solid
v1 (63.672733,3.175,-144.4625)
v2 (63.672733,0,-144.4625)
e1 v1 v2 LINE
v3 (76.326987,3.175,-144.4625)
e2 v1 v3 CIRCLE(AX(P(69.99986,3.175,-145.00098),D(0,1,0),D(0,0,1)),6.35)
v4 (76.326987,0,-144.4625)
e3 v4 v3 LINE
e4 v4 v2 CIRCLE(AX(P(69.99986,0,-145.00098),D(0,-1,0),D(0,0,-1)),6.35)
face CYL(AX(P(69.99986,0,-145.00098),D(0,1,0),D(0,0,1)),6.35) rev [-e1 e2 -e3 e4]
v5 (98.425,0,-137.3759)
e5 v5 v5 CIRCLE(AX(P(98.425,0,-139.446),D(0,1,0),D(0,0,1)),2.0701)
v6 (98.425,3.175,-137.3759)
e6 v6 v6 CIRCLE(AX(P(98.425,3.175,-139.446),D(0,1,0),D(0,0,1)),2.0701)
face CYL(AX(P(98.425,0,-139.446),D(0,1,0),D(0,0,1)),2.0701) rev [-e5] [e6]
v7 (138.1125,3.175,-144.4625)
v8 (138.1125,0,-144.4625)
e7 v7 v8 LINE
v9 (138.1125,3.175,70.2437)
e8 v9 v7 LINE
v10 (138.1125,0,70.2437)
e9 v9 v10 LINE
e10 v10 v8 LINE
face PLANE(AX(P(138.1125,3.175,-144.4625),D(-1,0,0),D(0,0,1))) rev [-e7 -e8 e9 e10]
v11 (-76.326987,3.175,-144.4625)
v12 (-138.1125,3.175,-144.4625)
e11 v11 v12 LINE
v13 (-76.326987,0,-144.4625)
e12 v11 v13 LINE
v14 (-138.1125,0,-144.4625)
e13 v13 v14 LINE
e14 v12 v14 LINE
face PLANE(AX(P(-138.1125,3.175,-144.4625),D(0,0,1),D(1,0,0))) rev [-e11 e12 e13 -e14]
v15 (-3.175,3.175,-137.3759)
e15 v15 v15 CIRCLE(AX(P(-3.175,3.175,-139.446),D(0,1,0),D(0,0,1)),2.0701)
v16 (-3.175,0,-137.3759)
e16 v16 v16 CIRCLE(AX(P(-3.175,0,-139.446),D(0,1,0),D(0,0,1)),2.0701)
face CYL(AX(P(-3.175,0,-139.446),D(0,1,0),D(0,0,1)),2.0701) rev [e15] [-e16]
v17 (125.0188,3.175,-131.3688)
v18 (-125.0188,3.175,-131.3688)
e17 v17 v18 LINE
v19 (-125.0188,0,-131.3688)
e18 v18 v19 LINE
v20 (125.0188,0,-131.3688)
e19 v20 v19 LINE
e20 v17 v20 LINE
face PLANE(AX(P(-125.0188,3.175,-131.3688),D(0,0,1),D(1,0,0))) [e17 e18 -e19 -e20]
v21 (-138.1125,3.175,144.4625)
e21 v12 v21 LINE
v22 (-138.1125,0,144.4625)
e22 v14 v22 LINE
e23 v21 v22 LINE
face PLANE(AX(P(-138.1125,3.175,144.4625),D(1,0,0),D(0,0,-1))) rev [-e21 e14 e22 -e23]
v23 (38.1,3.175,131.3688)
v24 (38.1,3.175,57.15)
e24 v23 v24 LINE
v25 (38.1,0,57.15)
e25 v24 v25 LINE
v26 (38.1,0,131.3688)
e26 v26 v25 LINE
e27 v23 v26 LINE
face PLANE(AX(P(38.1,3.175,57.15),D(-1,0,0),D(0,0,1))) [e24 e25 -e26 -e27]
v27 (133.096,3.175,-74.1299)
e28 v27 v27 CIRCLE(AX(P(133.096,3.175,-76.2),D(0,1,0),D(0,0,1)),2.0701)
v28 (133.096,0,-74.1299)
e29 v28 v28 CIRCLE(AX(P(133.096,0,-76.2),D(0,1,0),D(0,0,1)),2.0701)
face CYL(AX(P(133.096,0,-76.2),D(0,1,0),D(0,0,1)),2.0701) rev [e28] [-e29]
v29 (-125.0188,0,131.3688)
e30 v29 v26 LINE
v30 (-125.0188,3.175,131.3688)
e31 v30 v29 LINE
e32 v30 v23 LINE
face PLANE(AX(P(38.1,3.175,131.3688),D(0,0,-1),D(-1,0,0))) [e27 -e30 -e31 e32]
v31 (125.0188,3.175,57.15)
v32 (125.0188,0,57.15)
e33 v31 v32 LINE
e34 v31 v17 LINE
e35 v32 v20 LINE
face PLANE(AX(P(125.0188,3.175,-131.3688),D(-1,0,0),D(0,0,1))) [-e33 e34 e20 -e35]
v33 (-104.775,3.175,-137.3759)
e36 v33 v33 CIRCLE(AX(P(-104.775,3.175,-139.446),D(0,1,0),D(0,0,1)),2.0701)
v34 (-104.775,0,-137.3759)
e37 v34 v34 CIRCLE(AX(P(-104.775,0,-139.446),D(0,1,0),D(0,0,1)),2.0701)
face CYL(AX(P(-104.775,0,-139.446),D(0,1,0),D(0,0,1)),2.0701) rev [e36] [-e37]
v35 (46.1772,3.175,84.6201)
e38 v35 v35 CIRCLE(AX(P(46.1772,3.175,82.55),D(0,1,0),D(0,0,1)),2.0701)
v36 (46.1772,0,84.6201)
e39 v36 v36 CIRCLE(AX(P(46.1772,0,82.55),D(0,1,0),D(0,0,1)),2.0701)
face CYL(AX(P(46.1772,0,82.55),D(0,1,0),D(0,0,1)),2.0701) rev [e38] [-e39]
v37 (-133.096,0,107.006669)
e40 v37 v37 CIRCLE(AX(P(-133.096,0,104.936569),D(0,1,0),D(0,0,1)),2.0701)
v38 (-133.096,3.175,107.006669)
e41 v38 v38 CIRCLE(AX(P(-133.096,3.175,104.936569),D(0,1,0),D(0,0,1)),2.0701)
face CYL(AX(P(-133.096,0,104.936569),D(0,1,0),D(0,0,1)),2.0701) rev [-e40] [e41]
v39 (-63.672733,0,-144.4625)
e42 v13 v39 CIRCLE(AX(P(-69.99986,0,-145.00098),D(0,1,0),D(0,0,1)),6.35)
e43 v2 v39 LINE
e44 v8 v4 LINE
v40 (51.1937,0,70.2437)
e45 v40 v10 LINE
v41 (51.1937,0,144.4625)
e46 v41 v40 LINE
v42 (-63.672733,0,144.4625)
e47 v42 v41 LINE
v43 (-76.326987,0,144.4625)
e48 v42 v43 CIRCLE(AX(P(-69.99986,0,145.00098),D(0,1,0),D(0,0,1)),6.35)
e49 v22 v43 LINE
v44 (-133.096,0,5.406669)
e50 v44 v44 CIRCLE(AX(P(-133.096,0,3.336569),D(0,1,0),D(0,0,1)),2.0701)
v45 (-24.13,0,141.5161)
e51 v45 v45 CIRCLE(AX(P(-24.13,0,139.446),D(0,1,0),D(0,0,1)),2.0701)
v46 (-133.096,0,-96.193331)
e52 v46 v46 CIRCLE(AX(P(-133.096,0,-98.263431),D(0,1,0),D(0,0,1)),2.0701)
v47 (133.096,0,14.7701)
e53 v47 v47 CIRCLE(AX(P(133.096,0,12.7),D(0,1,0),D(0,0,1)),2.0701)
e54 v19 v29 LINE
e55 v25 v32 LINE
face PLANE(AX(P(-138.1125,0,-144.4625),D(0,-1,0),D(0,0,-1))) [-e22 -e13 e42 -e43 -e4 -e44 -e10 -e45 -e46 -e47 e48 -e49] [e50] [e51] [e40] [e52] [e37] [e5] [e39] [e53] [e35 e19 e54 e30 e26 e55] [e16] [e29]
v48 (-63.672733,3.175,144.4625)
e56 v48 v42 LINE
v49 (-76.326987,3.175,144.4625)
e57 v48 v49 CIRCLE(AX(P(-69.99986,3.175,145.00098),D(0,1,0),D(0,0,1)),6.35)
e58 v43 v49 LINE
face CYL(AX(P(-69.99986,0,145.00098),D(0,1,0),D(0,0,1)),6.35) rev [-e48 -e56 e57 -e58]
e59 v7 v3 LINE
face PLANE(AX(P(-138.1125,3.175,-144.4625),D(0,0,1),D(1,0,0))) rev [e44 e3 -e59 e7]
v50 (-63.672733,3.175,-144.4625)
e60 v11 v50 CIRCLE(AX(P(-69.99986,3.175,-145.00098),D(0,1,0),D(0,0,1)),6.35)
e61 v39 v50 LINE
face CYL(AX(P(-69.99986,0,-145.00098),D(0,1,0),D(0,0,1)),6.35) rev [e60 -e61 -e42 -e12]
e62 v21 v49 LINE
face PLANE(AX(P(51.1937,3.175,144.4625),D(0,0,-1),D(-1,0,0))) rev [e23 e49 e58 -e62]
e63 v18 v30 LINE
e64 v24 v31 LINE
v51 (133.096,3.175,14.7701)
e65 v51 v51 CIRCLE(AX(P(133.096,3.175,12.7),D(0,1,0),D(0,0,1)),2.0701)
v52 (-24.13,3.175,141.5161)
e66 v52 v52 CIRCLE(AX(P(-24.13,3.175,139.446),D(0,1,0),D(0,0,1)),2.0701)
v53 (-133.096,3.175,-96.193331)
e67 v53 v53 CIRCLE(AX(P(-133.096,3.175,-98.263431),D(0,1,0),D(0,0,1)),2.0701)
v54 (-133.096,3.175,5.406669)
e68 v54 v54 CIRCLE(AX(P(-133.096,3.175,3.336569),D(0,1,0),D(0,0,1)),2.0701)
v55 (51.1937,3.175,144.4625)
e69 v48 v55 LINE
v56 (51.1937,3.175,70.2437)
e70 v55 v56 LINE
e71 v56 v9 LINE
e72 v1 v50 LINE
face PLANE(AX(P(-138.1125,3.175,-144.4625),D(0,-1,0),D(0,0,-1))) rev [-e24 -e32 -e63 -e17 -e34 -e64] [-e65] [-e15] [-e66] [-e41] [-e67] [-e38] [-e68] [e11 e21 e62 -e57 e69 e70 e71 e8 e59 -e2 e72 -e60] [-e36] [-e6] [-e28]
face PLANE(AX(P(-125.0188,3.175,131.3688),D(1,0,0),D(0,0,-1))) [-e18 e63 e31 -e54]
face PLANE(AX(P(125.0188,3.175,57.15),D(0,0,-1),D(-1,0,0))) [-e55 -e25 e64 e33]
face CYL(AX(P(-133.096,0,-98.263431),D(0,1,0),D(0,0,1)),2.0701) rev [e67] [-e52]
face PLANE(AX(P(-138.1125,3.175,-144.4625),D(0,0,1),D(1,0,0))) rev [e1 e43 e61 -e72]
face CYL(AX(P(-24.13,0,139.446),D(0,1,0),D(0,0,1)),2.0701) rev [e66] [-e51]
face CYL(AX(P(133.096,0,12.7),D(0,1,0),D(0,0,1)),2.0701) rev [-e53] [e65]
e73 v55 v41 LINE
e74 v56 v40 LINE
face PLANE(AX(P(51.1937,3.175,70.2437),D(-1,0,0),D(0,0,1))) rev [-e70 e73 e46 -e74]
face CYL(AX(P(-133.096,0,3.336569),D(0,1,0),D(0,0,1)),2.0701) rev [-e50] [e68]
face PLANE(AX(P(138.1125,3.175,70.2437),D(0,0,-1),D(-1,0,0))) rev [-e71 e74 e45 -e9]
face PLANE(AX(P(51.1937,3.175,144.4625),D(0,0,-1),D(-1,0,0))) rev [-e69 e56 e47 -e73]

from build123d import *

# Parameters (mm, degrees)
EXTRUDE1_DEPTH = 3.175
SKETCH2_R      = 2.0701
EXTRUDE2_DEPTH = 200.886360684
SKETCH3_R      = 6.35
EXTRUDE3_DEPTH = 200.886360684


with BuildPart() as part:
    # Sketch1 → Extrude1 (new body)
    with BuildSketch(Plane(origin=(0, 0, 0), x_dir=(1, 0, 0), z_dir=(0, 1, 0))):
        Polygon((-138.1125, 144.4625), (138.1125, 144.4625), (138.1125, -70.2437), (51.1937, -70.2437), (51.1937, -144.4625), (-138.1125, -144.4625), align=None)
        Polygon((-125.0188, 131.3688), (125.0188, 131.3688), (125.0188, -57.15), (38.1, -57.15), (38.1, -131.3688), (-125.0188, -131.3688), align=None, mode=Mode.SUBTRACT)
    extrude(amount=EXTRUDE1_DEPTH)

    # Sketch2 → Extrude2 (cut, through all)
    with BuildSketch(Plane(origin=(0, 3.175, 0), x_dir=(-1, 0, 0), z_dir=(0, 1, 0))):
        with Locations(Location((24.13, 139.446, 0), (0, 0, 90))):
            Circle(SKETCH2_R)
        with Locations(Location((104.775, -139.446, 0), (0, 0, 90))):
            Circle(SKETCH2_R)
        with Locations(Location((3.175, -139.446, 0), (0, 0, 90))):
            Circle(SKETCH2_R)
        with Locations(Location((133.096, 104.9365694, 0), (0, 0, 90))):
            Circle(SKETCH2_R)
        with Locations(Location((133.096, 3.3365694, 0), (0, 0, 90))):
            Circle(SKETCH2_R)
        with Locations(Location((133.096, -98.2634306, 0), (0, 0, 90))):
            Circle(SKETCH2_R)
        with Locations(Location((-98.425, -139.446, 0), (0, 0, 90))):
            Circle(SKETCH2_R)
        with Locations(Location((-133.096, -76.2, 0), (0, 0, 90))):
            Circle(SKETCH2_R)
        with Locations(Location((-133.096, 12.7, 0), (0, 0, 90))):
            Circle(SKETCH2_R)
        with Locations(Location((-46.1772, 82.55, 0), (0, 0, 90))):
            Circle(SKETCH2_R)
    extrude(amount=-EXTRUDE2_DEPTH, mode=Mode.SUBTRACT)

    # Sketch3 → Extrude3 (cut, through all)
    with BuildSketch(Plane(origin=(0, 3.175, 0), x_dir=(-1, 0, 0), z_dir=(0, 1, 0))):
        with Locations((69.99986, 145.00098)):
            Circle(SKETCH3_R)
        with Locations((69.99986, -145.00098)):
            Circle(SKETCH3_R)
        with Locations((-69.99986, -145.00098)):
            Circle(SKETCH3_R)
    extrude(amount=-EXTRUDE3_DEPTH, mode=Mode.SUBTRACT)


solid = part.part
